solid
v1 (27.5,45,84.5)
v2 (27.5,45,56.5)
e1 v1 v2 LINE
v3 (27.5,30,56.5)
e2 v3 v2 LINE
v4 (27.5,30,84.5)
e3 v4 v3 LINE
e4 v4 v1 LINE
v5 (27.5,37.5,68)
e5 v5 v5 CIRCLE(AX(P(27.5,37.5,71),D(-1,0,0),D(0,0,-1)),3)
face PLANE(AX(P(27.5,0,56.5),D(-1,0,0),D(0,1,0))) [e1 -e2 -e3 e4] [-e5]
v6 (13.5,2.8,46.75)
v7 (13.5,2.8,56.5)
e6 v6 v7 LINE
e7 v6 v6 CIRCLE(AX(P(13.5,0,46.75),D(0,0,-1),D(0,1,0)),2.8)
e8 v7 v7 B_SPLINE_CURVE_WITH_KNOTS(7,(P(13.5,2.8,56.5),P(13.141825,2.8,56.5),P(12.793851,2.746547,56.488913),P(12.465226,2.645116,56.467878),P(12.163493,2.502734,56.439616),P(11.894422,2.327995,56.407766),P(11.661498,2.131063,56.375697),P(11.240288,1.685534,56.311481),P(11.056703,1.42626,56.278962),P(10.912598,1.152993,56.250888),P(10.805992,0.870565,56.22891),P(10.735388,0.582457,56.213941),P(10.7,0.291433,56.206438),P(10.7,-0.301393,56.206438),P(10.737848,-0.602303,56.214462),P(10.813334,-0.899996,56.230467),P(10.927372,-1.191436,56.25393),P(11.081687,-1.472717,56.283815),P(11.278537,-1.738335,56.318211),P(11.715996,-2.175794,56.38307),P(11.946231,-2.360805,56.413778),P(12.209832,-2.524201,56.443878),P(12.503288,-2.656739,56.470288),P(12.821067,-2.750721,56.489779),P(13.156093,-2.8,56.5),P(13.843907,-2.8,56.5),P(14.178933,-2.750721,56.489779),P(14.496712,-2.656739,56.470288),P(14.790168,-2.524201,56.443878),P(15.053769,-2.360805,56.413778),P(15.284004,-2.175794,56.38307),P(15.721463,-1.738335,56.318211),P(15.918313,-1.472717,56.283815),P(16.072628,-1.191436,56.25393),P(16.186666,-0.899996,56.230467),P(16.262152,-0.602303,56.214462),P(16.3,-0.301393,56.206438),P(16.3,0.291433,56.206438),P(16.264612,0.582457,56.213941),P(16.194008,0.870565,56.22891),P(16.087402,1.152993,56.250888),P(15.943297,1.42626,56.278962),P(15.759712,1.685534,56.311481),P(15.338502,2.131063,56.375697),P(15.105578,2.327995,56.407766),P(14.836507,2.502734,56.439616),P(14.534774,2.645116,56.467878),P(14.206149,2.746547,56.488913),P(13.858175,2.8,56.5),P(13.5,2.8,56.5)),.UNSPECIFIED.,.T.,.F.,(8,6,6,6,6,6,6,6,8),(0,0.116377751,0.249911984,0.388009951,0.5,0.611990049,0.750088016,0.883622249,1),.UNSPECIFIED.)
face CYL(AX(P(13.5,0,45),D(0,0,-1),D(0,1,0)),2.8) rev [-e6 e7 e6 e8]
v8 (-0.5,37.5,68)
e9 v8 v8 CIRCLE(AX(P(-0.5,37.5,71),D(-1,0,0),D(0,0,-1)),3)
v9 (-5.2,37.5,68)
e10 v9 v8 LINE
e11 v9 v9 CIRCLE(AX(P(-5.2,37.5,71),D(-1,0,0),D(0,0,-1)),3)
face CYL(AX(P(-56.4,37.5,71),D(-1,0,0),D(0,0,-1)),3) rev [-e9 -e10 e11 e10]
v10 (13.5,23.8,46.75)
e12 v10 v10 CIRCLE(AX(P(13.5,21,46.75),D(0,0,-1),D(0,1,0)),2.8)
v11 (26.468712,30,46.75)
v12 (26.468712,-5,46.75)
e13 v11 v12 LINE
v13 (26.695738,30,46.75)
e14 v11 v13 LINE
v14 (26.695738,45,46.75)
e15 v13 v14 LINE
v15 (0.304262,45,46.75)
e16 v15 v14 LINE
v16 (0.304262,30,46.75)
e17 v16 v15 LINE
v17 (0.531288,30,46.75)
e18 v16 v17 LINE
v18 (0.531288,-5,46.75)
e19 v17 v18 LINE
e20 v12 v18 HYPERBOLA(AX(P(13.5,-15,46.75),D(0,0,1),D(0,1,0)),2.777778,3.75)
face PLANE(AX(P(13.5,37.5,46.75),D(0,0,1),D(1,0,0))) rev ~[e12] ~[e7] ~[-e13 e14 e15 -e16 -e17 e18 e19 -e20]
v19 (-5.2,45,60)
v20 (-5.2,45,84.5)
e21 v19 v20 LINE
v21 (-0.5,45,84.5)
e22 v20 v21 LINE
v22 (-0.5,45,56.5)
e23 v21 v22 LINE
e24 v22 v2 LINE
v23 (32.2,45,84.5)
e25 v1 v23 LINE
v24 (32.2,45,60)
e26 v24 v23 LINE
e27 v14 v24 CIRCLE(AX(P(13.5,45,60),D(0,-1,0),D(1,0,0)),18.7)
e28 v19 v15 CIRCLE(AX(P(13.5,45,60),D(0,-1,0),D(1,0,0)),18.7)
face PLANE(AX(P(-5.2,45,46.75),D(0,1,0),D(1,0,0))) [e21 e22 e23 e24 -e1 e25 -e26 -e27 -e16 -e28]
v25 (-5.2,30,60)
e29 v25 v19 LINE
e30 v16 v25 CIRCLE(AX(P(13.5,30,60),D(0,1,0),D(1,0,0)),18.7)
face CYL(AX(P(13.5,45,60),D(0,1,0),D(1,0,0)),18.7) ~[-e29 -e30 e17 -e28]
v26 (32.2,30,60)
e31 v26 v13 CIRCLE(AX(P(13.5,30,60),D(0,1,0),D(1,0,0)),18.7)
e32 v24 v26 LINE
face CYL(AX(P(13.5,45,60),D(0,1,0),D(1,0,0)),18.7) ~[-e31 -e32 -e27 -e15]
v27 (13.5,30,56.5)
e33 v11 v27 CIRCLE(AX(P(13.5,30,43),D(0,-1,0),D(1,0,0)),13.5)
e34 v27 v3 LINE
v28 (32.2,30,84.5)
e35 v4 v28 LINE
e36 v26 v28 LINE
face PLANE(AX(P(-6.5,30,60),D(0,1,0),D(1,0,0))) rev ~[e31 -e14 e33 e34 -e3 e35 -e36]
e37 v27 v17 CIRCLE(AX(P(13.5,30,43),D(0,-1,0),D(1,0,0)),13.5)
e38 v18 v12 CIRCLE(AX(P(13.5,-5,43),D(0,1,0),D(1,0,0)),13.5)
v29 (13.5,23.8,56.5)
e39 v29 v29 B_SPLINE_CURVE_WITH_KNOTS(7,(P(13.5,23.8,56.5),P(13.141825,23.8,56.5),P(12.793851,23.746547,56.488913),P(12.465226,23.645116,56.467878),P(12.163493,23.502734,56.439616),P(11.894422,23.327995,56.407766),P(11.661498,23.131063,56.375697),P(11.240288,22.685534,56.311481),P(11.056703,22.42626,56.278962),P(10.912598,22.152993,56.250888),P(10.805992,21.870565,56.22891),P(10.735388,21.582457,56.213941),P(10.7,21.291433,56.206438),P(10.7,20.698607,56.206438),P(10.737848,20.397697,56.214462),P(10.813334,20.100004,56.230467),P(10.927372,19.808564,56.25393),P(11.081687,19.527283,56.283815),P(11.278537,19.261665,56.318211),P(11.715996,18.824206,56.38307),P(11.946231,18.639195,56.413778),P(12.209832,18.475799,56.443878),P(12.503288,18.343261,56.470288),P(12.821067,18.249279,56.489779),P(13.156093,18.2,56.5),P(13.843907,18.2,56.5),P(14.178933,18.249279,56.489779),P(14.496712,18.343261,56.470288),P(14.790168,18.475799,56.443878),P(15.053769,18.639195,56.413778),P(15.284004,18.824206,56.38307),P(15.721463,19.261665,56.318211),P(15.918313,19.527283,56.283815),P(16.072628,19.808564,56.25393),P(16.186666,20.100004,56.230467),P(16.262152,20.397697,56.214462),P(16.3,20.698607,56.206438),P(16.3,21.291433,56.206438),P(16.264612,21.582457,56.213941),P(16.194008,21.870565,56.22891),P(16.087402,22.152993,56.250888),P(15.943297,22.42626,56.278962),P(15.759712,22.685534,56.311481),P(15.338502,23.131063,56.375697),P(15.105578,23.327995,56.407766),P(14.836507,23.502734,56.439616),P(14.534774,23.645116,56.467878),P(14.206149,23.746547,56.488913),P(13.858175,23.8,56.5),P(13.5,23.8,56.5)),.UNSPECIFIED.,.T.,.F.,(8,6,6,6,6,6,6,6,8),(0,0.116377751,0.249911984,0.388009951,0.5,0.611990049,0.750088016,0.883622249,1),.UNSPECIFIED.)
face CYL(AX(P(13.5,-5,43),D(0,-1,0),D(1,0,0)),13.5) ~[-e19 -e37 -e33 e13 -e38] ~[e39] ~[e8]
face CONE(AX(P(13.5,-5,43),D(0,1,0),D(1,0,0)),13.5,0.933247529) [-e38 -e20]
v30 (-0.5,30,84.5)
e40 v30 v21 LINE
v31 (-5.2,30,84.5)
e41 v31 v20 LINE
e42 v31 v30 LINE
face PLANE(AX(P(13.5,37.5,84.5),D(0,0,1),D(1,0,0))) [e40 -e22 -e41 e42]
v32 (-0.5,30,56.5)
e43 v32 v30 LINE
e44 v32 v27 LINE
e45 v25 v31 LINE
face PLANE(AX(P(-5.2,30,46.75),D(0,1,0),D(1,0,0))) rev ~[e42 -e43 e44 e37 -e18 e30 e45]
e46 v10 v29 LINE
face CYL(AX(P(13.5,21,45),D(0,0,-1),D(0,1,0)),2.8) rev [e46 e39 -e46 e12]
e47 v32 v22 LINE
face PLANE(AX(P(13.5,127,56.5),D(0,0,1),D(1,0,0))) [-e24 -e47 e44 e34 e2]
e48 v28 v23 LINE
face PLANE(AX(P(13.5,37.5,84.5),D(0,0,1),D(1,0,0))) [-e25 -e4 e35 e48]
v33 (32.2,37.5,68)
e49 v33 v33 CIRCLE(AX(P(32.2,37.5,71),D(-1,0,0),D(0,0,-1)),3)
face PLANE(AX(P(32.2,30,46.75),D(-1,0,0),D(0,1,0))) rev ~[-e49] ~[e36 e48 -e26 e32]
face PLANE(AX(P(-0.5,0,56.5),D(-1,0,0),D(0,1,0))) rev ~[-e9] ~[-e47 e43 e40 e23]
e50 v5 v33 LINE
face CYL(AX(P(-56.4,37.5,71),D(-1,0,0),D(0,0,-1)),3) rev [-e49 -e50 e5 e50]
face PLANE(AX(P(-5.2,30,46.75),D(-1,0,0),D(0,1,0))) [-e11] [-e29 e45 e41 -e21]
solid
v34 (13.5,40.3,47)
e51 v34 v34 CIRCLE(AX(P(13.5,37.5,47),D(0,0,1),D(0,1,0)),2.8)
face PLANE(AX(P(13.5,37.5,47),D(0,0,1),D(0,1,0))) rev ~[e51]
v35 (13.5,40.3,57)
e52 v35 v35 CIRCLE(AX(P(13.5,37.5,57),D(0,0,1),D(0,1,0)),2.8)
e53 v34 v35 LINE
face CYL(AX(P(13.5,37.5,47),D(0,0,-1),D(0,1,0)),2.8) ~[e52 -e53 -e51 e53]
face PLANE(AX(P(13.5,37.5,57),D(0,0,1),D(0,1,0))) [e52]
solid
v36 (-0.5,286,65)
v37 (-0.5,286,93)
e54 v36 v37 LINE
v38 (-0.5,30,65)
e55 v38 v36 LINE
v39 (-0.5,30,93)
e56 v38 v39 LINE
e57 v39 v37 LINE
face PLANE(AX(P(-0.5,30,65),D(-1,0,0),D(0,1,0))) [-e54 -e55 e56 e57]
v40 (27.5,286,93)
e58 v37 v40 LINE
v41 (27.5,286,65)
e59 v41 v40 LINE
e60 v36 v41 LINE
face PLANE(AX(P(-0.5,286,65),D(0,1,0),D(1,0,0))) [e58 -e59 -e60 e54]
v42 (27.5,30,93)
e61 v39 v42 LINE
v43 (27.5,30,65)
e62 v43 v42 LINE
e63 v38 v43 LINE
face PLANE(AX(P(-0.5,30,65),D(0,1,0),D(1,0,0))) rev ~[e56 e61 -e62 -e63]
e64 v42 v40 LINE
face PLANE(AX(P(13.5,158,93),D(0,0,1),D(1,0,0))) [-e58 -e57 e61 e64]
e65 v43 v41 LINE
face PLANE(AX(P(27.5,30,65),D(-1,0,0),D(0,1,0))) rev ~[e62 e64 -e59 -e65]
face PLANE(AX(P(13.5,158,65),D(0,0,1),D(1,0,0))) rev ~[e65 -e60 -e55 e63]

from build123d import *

# Parameters (mm, degrees)
BOX_W             = 28
BOX_H             = 256
BOX_DEPTH         = 28
CYLINDER012_R     = 2.8
CYLINDER012_DEPTH = 10
CYLINDER015_R     = 2.8
CYLINDER015_DEPTH = 12
CYLINDER011_R     = 2.8
CYLINDER011_DEPTH = 12
CYLINDER009_R     = 3
CYLINDER009_DEPTH = 100
BOX018_W          = 28
BOX018_H          = 254
BOX018_DEPTH      = 28
BOX015_W          = 37.4
BOX015_H          = 15
BOX015_DEPTH      = 37.75
BOX016_W          = 27
BOX016_H          = 75
BOX016_DEPTH      = 20
CONE_ANGLE        = 180
CYLINDER_R        = 13.5
CYLINDER_DEPTH    = 50
CYLINDER016_R     = 18.7
CYLINDER016_DEPTH = 63
BOX019_W          = 40
BOX019_H          = 18
BOX019_DEPTH      = 29


with BuildPart() as tslotframecut:
    # Box → Box (new body)
    with BuildSketch(Plane(origin=(-0.5, 30, 65), x_dir=(1, 0, 0), z_dir=(0, 0, 1))):
        with Locations((14, 128)):
            Rectangle(BOX_W, BOX_H)
    extrude(amount=BOX_DEPTH)


with BuildPart() as cylinder012:
    # Cylinder012 → Cylinder012 (new body)
    with BuildSketch(Plane(origin=(13.5, 37.5, 47), x_dir=(0, 1, 0), z_dir=(0, 0, 1))):
        Circle(CYLINDER012_R)
    extrude(amount=CYLINDER012_DEPTH)


with BuildPart() as cylinder015:
    # Cylinder015 → Cylinder015 (new body)
    with BuildSketch(Plane(origin=(13.5, 21, 45), x_dir=(0, 1, 0), z_dir=(0, 0, 1))):
        Circle(CYLINDER015_R)
    extrude(amount=CYLINDER015_DEPTH)


with BuildPart() as heatsetcuts:
    # Cylinder011 → Cylinder011 (new body)
    with BuildSketch(Plane(origin=(13.5, 0, 45), x_dir=(0, 1, 0), z_dir=(0, 0, 1))):
        Circle(CYLINDER011_R)
    extrude(amount=CYLINDER011_DEPTH)

    # Fusion001: union Cylinder015
    add(cylinder015.part)


with BuildPart() as m5cut:
    # Cylinder009 → Cylinder009 (new body)
    with BuildSketch(Plane(origin=(-56.4, 37.5, 71), x_dir=(0, 0, -1), z_dir=(1, 0, 0))):
        Circle(CYLINDER009_R)
    extrude(amount=CYLINDER009_DEPTH)


with BuildPart() as tslotframecut001:
    # Box018 → Box018 (new body)
    with BuildSketch(Plane(origin=(-0.5, 0, 56.5), x_dir=(1, 0, 0), z_dir=(0, 0, 1))):
        with Locations((14, 127)):
            Rectangle(BOX018_W, BOX018_H)
    extrude(amount=BOX018_DEPTH)


with BuildPart() as cut010:
    # Box015 → Box015 (new body)
    with BuildSketch(Plane(origin=(-5.2, 30, 46.75), x_dir=(1, 0, 0), z_dir=(0, 0, 1))):
        with Locations((18.7, 7.5)):
            Rectangle(BOX015_W, BOX015_H)
    extrude(amount=BOX015_DEPTH)

    # Cut009: cut TSlotFrameCut001
    add(tslotframecut001.part, mode=Mode.SUBTRACT)

    # Cut010: cut m5Cut
    add(m5cut.part, mode=Mode.SUBTRACT)


with BuildPart() as shell_holder002:
    # Box016 → Box016 (new body)
    with BuildSketch(Plane(origin=(0, -20.5, 26.75), x_dir=(1, 0, 0), z_dir=(0, 0, 1))):
        with Locations((13.5, 37.5)):
            Rectangle(BOX016_W, BOX016_H)
    extrude(amount=BOX016_DEPTH)


with BuildPart() as cone:
    # Cone → Cone (revolve)
    with BuildSketch(Plane(origin=(13.5, -5, 43), x_dir=(1, 0, 0), z_dir=(0, 0, -1))):
        Polygon((0, 0), (13.5, 0), (0, 10), align=None)
    revolve(axis=Axis((13.5, -5, 43), (0, -1, 0)), revolution_arc=CONE_ANGLE)


with BuildPart() as cut011:
    # Cylinder → Cylinder (new body)
    with BuildSketch(Plane(origin=(13.5, -5, 43), x_dir=(1, 0, 0), z_dir=(0, 1, 0))):
        Circle(CYLINDER_R)
    extrude(amount=CYLINDER_DEPTH)

    # Fusion: union Cone
    add(cone.part)

    # Cut: cut Shell_Holder002
    add(shell_holder002.part, mode=Mode.SUBTRACT)

    # Fusion002: union Cut010
    add(cut010.part)

    # Cut011: cut heatSetCuts
    add(heatsetcuts.part, mode=Mode.SUBTRACT)


with BuildPart() as reshapes:
    # Cylinder016 → Cylinder016 (new body)
    with BuildSketch(Plane(origin=(13.5, 45, 60), x_dir=(1, 0, 0), z_dir=(0, -1, 0))):
        Circle(CYLINDER016_R)
    extrude(amount=CYLINDER016_DEPTH)


with BuildPart() as common:
    # Box019 → Box019 (new body)
    with BuildSketch(Plane(origin=(-6.5, 30, 60), x_dir=(1, 0, 0), z_dir=(0, 0, 1))):
        with Locations((20, 9)):
            Rectangle(BOX019_W, BOX019_H)
    extrude(amount=BOX019_DEPTH)

    # Fusion003: union reshapes
    add(reshapes.part)

    # Common: intersect Cut011
    add(cut011.part, mode=Mode.INTERSECT)


solid = Compound([tslotframecut.part, cylinder012.part, common.part])
